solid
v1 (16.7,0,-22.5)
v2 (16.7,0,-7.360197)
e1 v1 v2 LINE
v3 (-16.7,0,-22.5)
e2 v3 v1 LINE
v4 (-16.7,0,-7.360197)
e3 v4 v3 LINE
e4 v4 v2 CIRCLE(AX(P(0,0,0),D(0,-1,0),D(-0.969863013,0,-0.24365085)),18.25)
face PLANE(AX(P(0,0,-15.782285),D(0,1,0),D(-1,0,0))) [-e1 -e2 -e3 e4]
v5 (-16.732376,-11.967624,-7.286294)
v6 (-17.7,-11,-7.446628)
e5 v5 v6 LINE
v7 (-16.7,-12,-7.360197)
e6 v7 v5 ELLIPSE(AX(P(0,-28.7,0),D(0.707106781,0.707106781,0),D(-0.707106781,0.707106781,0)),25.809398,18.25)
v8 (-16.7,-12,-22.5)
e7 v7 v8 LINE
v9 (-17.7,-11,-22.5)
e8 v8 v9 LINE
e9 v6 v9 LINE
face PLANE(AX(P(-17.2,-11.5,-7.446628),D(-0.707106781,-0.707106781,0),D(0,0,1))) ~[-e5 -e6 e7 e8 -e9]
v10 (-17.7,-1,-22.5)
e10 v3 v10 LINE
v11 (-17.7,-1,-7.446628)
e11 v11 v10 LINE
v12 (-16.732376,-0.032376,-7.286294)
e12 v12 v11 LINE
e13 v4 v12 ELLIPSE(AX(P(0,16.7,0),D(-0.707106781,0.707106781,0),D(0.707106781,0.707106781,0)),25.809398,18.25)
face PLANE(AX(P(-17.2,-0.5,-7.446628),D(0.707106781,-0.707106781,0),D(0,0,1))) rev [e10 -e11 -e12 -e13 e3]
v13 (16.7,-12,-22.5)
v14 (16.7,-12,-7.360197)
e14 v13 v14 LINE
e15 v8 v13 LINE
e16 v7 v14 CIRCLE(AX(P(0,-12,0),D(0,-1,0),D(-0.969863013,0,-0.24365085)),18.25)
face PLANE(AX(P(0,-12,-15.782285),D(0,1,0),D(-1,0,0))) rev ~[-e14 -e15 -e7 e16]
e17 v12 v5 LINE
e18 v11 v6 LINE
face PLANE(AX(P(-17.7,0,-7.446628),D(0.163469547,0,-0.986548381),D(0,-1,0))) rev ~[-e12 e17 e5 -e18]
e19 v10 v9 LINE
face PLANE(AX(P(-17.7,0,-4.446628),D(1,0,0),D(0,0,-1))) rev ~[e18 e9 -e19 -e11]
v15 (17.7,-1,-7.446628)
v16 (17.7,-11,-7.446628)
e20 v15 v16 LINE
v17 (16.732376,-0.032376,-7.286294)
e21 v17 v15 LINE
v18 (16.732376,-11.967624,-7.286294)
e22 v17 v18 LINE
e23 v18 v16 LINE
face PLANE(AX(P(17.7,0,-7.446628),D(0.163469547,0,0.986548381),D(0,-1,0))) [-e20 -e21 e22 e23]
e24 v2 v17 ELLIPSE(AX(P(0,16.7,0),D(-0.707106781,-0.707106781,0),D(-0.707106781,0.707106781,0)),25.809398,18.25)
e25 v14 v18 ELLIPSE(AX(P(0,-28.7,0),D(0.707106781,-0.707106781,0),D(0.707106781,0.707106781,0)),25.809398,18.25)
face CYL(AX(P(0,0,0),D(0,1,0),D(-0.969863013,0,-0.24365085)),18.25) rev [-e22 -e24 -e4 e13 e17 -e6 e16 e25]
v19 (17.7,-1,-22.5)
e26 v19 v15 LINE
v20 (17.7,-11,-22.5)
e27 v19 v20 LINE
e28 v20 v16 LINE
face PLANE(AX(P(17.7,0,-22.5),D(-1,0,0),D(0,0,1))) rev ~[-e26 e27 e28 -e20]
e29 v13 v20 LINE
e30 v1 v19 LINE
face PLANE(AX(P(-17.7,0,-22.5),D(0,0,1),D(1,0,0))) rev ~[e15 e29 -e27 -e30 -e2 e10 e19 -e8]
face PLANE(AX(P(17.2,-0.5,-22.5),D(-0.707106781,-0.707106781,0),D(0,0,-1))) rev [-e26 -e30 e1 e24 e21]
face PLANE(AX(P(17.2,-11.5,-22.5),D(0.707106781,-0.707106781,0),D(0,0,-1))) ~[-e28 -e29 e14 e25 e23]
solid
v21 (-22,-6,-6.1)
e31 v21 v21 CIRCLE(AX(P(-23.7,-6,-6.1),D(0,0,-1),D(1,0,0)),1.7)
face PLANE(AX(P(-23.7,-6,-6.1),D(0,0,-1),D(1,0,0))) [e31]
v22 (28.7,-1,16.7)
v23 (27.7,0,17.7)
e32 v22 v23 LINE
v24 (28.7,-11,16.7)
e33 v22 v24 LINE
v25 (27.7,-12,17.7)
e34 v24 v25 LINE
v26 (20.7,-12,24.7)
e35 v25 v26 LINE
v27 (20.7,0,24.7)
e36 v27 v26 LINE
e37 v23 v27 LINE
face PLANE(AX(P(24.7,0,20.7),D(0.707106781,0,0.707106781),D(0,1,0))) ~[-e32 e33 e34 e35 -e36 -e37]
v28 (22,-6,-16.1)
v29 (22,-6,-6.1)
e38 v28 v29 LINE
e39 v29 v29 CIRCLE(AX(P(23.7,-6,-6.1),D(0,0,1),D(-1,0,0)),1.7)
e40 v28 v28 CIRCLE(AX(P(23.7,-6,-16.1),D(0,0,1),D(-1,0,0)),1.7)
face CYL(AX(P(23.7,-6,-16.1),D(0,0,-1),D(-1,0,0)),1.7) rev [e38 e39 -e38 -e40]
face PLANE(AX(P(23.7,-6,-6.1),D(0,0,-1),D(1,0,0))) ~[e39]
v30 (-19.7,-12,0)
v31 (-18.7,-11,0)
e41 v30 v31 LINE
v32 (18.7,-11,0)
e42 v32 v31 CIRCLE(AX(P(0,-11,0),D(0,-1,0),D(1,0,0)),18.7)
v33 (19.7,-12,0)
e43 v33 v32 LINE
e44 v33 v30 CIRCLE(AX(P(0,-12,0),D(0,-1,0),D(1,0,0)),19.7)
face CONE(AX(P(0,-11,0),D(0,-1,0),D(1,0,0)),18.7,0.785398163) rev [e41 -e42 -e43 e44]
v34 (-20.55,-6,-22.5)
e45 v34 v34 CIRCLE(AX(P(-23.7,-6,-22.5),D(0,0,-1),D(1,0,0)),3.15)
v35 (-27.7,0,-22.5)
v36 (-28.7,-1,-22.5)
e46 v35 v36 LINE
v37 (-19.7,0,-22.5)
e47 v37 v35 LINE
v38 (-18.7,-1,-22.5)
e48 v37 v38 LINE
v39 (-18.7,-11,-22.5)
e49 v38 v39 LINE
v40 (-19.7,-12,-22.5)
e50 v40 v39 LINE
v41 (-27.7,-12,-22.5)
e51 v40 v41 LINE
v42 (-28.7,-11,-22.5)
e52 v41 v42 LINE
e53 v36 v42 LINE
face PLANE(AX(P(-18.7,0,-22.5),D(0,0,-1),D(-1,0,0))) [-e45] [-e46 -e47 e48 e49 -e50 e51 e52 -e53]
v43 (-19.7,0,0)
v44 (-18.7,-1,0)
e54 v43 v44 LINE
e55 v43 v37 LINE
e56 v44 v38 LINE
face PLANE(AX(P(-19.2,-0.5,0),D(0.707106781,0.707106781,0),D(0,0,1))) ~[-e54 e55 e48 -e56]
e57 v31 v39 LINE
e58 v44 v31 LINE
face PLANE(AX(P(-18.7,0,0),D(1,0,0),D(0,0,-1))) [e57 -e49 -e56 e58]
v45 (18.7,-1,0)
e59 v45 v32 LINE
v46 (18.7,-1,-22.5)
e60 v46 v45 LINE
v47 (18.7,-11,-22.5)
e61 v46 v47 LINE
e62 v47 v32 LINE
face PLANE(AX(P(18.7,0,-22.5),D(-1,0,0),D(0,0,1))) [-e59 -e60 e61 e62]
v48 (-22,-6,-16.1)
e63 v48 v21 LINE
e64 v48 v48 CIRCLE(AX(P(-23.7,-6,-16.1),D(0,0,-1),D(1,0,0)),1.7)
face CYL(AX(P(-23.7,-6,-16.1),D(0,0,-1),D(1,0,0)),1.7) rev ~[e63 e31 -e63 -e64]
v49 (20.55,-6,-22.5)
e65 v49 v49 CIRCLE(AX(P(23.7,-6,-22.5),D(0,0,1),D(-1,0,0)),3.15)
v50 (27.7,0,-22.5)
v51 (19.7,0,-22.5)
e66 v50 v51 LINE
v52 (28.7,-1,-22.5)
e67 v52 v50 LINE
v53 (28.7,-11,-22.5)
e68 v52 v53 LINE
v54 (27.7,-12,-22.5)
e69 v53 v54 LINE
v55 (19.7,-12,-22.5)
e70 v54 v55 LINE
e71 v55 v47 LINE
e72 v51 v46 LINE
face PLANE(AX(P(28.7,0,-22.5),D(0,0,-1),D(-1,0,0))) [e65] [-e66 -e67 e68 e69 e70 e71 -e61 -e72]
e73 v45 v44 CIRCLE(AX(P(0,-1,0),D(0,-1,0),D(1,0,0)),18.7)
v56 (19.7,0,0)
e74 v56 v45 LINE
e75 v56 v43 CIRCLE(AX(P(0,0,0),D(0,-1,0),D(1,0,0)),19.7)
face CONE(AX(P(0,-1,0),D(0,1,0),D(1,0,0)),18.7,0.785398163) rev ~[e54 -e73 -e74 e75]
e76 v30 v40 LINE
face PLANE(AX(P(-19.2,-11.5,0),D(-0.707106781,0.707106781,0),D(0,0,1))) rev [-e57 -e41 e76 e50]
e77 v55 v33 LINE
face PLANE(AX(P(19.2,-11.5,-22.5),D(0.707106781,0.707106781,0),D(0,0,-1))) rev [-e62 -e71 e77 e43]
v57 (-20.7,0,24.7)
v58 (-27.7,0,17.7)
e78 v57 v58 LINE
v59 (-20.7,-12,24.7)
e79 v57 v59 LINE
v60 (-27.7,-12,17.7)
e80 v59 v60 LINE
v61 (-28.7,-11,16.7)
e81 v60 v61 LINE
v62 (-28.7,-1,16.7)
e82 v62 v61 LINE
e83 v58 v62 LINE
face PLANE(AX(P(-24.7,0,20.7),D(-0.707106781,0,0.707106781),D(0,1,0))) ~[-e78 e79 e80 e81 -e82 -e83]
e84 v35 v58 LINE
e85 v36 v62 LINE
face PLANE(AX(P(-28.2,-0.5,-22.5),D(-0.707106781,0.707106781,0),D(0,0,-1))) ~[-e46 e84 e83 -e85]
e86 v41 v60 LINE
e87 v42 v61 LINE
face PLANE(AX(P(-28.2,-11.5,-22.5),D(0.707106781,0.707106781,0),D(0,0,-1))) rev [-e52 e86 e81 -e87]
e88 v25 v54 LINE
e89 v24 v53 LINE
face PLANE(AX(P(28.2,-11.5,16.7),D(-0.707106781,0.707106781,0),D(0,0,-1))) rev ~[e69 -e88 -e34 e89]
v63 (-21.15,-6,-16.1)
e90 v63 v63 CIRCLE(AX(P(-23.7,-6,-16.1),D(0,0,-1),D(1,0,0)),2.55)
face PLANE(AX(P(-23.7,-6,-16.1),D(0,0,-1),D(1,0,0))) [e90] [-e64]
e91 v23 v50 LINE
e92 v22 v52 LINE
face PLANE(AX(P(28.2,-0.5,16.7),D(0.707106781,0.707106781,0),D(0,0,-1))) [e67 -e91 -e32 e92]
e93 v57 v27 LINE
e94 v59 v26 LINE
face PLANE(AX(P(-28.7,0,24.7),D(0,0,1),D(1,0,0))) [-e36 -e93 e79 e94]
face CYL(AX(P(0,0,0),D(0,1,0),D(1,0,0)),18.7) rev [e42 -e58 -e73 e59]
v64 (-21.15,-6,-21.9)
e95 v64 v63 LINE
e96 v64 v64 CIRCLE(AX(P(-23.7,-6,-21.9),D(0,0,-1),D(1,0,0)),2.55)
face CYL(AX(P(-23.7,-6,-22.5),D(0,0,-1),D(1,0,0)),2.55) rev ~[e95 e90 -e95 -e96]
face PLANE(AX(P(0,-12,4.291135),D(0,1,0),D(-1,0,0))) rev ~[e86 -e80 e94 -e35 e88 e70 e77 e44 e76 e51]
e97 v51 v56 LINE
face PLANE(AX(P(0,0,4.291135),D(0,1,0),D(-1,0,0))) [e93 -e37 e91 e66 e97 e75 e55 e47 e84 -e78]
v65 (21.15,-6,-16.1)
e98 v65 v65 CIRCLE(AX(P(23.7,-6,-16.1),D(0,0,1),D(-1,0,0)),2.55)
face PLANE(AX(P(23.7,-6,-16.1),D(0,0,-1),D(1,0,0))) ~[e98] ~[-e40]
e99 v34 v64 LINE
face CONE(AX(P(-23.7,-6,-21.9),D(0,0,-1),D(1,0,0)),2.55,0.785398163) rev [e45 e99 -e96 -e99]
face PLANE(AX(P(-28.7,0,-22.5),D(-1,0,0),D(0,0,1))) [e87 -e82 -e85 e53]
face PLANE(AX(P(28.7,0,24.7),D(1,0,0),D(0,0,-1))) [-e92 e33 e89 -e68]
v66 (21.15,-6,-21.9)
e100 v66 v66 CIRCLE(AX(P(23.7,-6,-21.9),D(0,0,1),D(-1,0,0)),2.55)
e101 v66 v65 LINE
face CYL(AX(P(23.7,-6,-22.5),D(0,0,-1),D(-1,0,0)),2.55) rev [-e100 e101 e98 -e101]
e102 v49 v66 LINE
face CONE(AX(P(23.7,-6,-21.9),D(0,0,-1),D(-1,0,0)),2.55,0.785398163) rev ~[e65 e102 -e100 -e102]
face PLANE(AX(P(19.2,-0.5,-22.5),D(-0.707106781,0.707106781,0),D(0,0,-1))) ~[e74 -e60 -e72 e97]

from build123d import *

# Parameters (mm, degrees)
PAD_DEPTH       = 12
SKETCH001_R     = 2.55
POCKET_DEPTH    = 6.4
SKETCH002_R     = 1.7
POCKET001_DEPTH = 10
CHAMFER_SIZE    = 0.6
CHAMFER001_SIZE = 8
CHAMFER002_SIZE = 1
CHAMFER003_SIZE = 1
PAD001_DEPTH    = 12
CHAMFER004_SIZE = 3
CHAMFER005_SIZE = 1


with BuildPart() as clamp:
    # Sketch → Pad (new body)
    with BuildSketch(Plane.XZ):
        with BuildLine():
            ThreePointArc((18.7, 0), (0, 18.7), (-18.7, 0))
            Line((-18.7, 0), (-18.7, -22.5))
            Line((-18.7, -22.5), (-28.7, -22.5))
            Line((-28.7, -22.5), (-28.7, 24.7))
            Line((-28.7, 24.7), (28.7, 24.7))
            Line((28.7, 24.7), (28.7, -22.5))
            Line((28.7, -22.5), (18.7, -22.5))
            Line((18.7, -22.5), (18.7, 0))
        make_face()
    extrude(amount=PAD_DEPTH)

    # Sketch001 (on Face3 of Pad) → Pocket (cut)
    with BuildSketch(Plane(origin=(0, 0, -22.5), x_dir=(1, 0, 0), z_dir=(0, 0, -1))):
        with Locations((-23.7, 6)):
            Circle(SKETCH001_R)
    pocket = extrude(amount=-POCKET_DEPTH, mode=Mode.SUBTRACT)

    # Mirrored: Pocket across Sketch001 V_Axis
    add(pocket.mirror(Plane(origin=(0, 0, -22.5), x_dir=(0, 0, -1), z_dir=(1, 0, 0))), mode=Mode.SUBTRACT)

    # Sketch002 (on Face14 of Mirrored) → Pocket001 (cut)
    with BuildSketch(Plane(origin=(0, 0, -16.1), x_dir=(1, 0, 0), z_dir=(0, 0, -1))):
        with Locations((-23.7, 6)):
            Circle(SKETCH002_R)
    pocket001 = extrude(amount=-POCKET001_DEPTH, mode=Mode.SUBTRACT)

    # Mirrored001: Pocket001 across Sketch002 V_Axis
    add(pocket001.mirror(Plane(origin=(0, 0, -16.1), x_dir=(0, 0, -1), z_dir=(1, 0, 0))), mode=Mode.SUBTRACT)

    # Chamfer
    chamfer_edges = [clamp.edges().sort_by_distance(p)[0] for p in [
        (-26.25, -6, -22.5),
        (26.25, -6, -22.5),
    ]]
    chamfer(chamfer_edges, length=CHAMFER_SIZE)

    # Chamfer001
    chamfer001_edges = [clamp.edges().sort_by_distance(p)[0] for p in [
        (-28.7, -6, 24.7),
        (28.7, -6, 24.7),
    ]]
    chamfer(chamfer001_edges, length=CHAMFER001_SIZE)

    # Chamfer002
    chamfer002_edges = [clamp.edges().sort_by_distance(p)[0] for p in [
        (-28.7, 0, -2.9),
        (-28.7, -12, -2.9),
        (28.7, 0, -2.9),
        (28.7, -12, -2.9),
    ]]
    chamfer(chamfer002_edges, length=CHAMFER002_SIZE)

    # Chamfer003
    chamfer003_edges = [clamp.edges().sort_by_distance(p)[0] for p in [
        (-18.7, 0, -11.25),
        (0, 0, 18.7),
        (18.7, 0, -11.25),
        (18.7, -12, -11.25),
        (0, -12, 18.7),
        (-18.7, -12, -11.25),
    ]]
    chamfer(chamfer003_edges, length=CHAMFER003_SIZE)


with BuildPart() as base:
    # Sketch003 → Pad001 (new body)
    with BuildSketch(Plane.XZ):
        with BuildLine():
            ThreePointArc((-17.7, -4.446628), (0, -18.25), (17.7, -4.446628))
            Line((17.7, -22.5), (17.7, -4.446628))
            Line((-17.7, -22.5), (17.7, -22.5))
            Line((-17.7, -4.446628), (-17.7, -22.5))
        make_face()
    extrude(amount=PAD001_DEPTH)

    # Chamfer004
    chamfer004_edges = [base.edges().sort_by_distance(p)[0] for p in [
        (-17.7, -6, -4.446628),
        (17.7, -6, -4.446628),
    ]]
    chamfer(chamfer004_edges, length=CHAMFER004_SIZE)

    # Chamfer005
    chamfer005_edges = [base.edges().sort_by_distance(p)[0] for p in [
        (-17.7, -12, -14.973314),
        (-17.7, 0, -14.973314),
        (17.7, -12, -14.973314),
        (17.7, 0, -14.973314),
    ]]
    chamfer(chamfer005_edges, length=CHAMFER005_SIZE)


solid = Compound([clamp.part, base.part])
